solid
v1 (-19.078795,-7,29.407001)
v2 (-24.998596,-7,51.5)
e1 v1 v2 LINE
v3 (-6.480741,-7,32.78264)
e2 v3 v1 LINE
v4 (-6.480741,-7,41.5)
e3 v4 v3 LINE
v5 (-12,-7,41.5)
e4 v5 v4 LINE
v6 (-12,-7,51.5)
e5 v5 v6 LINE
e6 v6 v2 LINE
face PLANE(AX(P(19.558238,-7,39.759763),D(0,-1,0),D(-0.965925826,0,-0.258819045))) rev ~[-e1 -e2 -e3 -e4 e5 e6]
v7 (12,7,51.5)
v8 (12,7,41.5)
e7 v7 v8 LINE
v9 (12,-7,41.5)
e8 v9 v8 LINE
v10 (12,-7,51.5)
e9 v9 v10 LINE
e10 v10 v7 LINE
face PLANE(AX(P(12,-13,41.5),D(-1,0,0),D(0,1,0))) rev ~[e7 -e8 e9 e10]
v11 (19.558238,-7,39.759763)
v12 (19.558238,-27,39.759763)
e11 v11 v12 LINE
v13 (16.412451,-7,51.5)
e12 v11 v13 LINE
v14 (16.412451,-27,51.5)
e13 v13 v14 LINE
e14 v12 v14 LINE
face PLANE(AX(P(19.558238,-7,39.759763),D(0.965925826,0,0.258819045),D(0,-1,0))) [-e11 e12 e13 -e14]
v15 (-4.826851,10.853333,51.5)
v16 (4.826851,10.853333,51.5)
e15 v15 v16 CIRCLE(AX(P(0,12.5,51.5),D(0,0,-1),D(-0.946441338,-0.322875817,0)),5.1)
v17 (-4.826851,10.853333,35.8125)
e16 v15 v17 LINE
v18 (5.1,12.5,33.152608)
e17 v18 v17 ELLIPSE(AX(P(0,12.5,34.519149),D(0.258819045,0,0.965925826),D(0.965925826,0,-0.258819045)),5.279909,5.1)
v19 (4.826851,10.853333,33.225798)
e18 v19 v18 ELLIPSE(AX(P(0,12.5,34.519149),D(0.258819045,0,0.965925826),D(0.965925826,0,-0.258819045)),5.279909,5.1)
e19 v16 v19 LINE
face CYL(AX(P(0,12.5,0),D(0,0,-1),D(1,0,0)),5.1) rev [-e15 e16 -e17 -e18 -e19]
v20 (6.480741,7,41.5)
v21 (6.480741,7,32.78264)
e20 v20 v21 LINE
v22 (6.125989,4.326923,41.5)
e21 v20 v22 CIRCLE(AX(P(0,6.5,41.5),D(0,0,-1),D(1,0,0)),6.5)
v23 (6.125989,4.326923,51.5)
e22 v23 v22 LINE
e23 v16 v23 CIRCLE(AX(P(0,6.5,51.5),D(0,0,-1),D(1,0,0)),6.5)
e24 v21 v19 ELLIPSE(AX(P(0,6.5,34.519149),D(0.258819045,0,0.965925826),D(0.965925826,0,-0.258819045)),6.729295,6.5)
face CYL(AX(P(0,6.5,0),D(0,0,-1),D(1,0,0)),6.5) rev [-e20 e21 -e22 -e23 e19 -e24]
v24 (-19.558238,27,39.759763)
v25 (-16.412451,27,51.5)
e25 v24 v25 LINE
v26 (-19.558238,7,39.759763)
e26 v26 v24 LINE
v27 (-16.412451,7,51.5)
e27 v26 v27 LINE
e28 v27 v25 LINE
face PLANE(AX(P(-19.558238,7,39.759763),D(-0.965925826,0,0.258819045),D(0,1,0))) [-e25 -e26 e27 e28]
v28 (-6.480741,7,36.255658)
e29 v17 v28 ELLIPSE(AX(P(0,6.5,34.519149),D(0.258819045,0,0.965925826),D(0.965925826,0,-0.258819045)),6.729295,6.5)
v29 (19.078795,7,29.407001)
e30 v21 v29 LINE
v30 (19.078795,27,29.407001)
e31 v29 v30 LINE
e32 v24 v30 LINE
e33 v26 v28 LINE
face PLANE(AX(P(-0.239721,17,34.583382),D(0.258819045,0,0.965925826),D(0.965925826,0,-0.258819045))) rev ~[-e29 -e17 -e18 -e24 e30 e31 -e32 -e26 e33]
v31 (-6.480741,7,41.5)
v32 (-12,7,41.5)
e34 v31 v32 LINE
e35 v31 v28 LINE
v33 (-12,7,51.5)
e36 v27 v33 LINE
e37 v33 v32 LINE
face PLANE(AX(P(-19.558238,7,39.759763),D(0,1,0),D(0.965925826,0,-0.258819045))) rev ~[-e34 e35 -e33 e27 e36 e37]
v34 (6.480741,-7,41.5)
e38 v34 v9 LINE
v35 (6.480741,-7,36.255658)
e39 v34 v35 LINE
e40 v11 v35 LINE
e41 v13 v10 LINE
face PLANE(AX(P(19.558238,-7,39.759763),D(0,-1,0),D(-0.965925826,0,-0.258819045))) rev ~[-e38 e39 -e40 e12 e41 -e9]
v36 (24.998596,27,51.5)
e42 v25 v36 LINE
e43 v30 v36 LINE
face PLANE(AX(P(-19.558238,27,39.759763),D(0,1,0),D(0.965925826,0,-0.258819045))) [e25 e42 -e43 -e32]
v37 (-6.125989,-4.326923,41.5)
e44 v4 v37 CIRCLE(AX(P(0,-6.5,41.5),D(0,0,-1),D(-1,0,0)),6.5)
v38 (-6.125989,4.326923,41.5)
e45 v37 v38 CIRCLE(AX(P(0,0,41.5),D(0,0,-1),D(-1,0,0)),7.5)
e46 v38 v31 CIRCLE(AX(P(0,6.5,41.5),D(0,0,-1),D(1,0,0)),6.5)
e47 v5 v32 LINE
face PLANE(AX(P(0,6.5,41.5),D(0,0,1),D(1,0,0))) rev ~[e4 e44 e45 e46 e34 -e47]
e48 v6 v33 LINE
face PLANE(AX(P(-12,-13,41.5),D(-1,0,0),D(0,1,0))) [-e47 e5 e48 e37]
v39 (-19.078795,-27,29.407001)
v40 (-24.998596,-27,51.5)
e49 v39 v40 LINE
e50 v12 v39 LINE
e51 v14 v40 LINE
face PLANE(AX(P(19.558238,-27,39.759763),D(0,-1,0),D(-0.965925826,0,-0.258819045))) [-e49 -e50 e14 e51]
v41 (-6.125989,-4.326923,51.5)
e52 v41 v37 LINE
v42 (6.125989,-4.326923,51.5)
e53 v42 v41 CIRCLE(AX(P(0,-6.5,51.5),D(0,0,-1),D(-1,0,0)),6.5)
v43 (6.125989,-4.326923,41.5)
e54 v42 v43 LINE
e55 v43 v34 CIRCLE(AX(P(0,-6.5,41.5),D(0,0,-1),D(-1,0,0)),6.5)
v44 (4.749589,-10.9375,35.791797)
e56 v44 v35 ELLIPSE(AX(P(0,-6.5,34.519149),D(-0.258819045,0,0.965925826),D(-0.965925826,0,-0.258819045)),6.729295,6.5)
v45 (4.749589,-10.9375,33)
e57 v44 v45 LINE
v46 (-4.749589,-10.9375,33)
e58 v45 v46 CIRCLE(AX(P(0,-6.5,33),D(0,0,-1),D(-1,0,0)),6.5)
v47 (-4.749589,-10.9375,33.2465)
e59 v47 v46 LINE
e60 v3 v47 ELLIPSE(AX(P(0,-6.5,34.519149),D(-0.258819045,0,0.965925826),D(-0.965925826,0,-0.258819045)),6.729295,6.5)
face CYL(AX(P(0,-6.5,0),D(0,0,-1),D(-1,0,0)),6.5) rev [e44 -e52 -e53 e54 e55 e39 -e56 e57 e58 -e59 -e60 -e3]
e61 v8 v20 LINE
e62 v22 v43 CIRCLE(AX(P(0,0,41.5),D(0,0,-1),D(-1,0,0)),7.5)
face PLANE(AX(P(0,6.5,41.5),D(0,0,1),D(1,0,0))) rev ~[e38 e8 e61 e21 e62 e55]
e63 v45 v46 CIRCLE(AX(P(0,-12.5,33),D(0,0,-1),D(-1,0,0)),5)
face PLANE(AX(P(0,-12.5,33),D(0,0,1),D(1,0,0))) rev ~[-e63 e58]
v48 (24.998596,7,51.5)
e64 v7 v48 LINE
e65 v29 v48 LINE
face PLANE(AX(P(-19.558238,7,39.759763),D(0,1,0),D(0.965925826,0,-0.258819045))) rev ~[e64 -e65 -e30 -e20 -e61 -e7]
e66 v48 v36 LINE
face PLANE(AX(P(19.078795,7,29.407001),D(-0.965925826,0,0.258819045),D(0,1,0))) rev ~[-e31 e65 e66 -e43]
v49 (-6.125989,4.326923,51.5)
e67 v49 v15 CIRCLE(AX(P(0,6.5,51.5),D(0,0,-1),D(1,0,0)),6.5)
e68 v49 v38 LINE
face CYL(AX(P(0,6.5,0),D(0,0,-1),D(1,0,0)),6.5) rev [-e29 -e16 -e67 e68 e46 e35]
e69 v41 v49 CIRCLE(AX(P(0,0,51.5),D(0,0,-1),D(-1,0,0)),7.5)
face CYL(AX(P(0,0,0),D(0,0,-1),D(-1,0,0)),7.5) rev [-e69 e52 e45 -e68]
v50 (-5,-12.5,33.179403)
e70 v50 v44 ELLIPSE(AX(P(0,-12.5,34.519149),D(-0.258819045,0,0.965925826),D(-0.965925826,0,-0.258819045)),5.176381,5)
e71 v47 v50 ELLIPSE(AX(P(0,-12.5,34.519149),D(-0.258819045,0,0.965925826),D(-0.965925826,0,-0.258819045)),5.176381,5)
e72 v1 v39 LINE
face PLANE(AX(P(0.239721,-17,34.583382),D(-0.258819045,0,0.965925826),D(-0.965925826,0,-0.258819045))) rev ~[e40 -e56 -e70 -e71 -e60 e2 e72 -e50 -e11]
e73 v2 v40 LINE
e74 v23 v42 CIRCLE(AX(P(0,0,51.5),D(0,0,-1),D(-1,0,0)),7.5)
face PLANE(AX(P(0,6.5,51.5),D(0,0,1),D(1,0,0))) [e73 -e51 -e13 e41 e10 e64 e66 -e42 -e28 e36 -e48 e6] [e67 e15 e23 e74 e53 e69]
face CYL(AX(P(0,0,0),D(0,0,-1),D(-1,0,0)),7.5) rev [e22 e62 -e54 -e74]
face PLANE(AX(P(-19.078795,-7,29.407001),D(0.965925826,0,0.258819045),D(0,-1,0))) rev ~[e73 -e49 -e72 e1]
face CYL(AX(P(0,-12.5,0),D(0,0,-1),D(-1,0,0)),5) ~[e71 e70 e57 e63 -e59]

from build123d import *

# Parameters (mm, degrees)
CYLINDER012_R             = 5.1
CYLINDER012_DEPTH         = 50
CYLINDER007_R             = 7.5
CYLINDER007_DEPTH         = 70
CYLINDER009_R             = 6.5
CYLINDER009_DEPTH         = 70
CYLINDER010_R             = 7.5
CYLINDER010_DEPTH         = 70
CYLINDER011_R             = 6.5
CYLINDER011_DEPTH         = 70
FUSION007_PLACEMENT_ANGLE = 180
CYLINDER008_R             = 5.1
CYLINDER008_DEPTH         = 70
BOX003_W                  = 57
BOX003_H                  = 59
BOX003_DEPTH              = 20
CYLINDER004_R             = 6.35
CYLINDER004_DEPTH         = 50
BOX_W                     = 40
BOX_H                     = 20
BOX_DEPTH                 = 30
BOX_PLACEMENT_ANGLE       = 15
CYLINDER001_R             = 5
CYLINDER001_DEPTH         = 50
CYLINDER006_R             = 6.35
CYLINDER006_DEPTH         = 50
BOX001_W                  = 40
BOX001_H                  = 20
BOX001_DEPTH              = 30
BOX001_PLACEMENT_ANGLE    = 15
CYLINDER005_R             = 5
CYLINDER005_DEPTH         = 50
FUSION003_PLACEMENT_ANGLE = 180
BOX002_W                  = 24
BOX002_H                  = 39
BOX002_DEPTH              = 10


with BuildPart() as bevilpin005:
    # Cylinder012 → Cylinder012 (new body)
    with BuildSketch(Plane(origin=(0, -12.5, -17), x_dir=(1, 0, 0), z_dir=(0, 0, 1))):
        Circle(CYLINDER012_R)
    extrude(amount=CYLINDER012_DEPTH)


with BuildPart() as bevilpin003:
    # Cylinder007 → Cylinder007 (new body)
    with BuildSketch(Plane.XY):
        Circle(CYLINDER007_R)
    extrude(amount=CYLINDER007_DEPTH)


with BuildPart() as fusion006:
    # Cylinder009 → Cylinder009 (new body)
    with BuildSketch(Plane(origin=(0, 6.5, 0), x_dir=(1, 0, 0), z_dir=(0, 0, 1))):
        Circle(CYLINDER009_R)
    extrude(amount=CYLINDER009_DEPTH)

    # Fusion006: union bevilPin003
    add(bevilpin003.part)


with BuildPart() as bevilpin004:
    # Cylinder010 → Cylinder010 (new body)
    with BuildSketch(Plane.XY):
        Circle(CYLINDER010_R)
    extrude(amount=CYLINDER010_DEPTH)


with BuildPart() as fusion008:
    # Cylinder011 → Cylinder011 (new body)
    with BuildSketch(Plane(origin=(0, 6.5, 0), x_dir=(1, 0, 0), z_dir=(0, 0, 1))):
        Circle(CYLINDER011_R)
    extrude(amount=CYLINDER011_DEPTH)

    # Fusion007: union bevilPin004
    add(bevilpin004.part)


with BuildPart() as fusion008_1:
    # Fusion007 placement: moved
    add(fusion008.part.rotate(Axis((0, 0, 0), (0, 0, 1)), FUSION007_PLACEMENT_ANGLE))

    # Fusion008: union Fusion006
    add(fusion006.part)


with BuildPart() as cylinder008:
    # Cylinder008 → Cylinder008 (new body)
    with BuildSketch(Plane(origin=(0, 12.5, 0), x_dir=(1, 0, 0), z_dir=(0, 0, 1))):
        Circle(CYLINDER008_R)
    extrude(amount=CYLINDER008_DEPTH)


with BuildPart() as cube003:
    # Box003 → Box003 (new body)
    with BuildSketch(Plane(origin=(-29.5, -29, 51.5), x_dir=(1, 0, 0), z_dir=(0, 0, 1))):
        with Locations((28.5, 29.5)):
            Rectangle(BOX003_W, BOX003_H)
    extrude(amount=BOX003_DEPTH)


with BuildPart() as bevilpin001:
    # Cylinder004 → Cylinder004 (new body)
    with BuildSketch(Plane.XY):
        Circle(CYLINDER004_R)
    extrude(amount=CYLINDER004_DEPTH)


with BuildPart() as cube:
    # Box → Box (new body)
    with BuildSketch(Plane.XY):
        with Locations((20, 10)):
            Rectangle(BOX_W, BOX_H)
    extrude(amount=BOX_DEPTH)


with BuildPart() as cube_1:
    # Box placement: moved
    add(cube.part.moved(Location((-19.558238, 7, 39.759763))).rotate(Axis((-19.558238, 7, 39.759763), (0, 1, 0)), BOX_PLACEMENT_ANGLE))


with BuildPart() as fusion001:
    # Cylinder001 → Cylinder001 (new body)
    with BuildSketch(Plane(origin=(0, 12.5, 0), x_dir=(1, 0, 0), z_dir=(0, 0, 1))):
        Circle(CYLINDER001_R)
    extrude(amount=CYLINDER001_DEPTH)

    # Fusion: union Cube
    add(cube_1.part)

    # Fusion001: union bevilPin001
    add(bevilpin001.part)


with BuildPart() as bevilpin002:
    # Cylinder006 → Cylinder006 (new body)
    with BuildSketch(Plane.XY):
        Circle(CYLINDER006_R)
    extrude(amount=CYLINDER006_DEPTH)


with BuildPart() as cube001:
    # Box001 → Box001 (new body)
    with BuildSketch(Plane.XY):
        with Locations((20, 10)):
            Rectangle(BOX001_W, BOX001_H)
    extrude(amount=BOX001_DEPTH)


with BuildPart() as cube001_1:
    # Box001 placement: moved
    add(cube001.part.moved(Location((-19.558238, 7, 39.759763))).rotate(Axis((-19.558238, 7, 39.759763), (0, 1, 0)), BOX001_PLACEMENT_ANGLE))


with BuildPart() as fusion004:
    # Cylinder005 → Cylinder005 (new body)
    with BuildSketch(Plane(origin=(0, 12.5, 0), x_dir=(1, 0, 0), z_dir=(0, 0, 1))):
        Circle(CYLINDER005_R)
    extrude(amount=CYLINDER005_DEPTH)

    # Fusion002: union Cube001
    add(cube001_1.part)

    # Fusion003: union bevilPin002
    add(bevilpin002.part)


with BuildPart() as fusion004_1:
    # Fusion003 placement: moved
    add(fusion004.part.rotate(Axis((0, 0, 0), (0, 0, 1)), FUSION003_PLACEMENT_ANGLE))

    # Fusion004: union Fusion001
    add(fusion001.part)


with BuildPart() as cut003:
    # Box002 → Box002 (new body)
    with BuildSketch(Plane(origin=(-12, -13, 41.5), x_dir=(1, 0, 0), z_dir=(0, 0, 1))):
        with Locations((12, 19.5)):
            Rectangle(BOX002_W, BOX002_H)
    extrude(amount=BOX002_DEPTH)

    # Fusion005: union Fusion004
    add(fusion004_1.part)

    # Cut: cut Cube003
    add(cube003.part, mode=Mode.SUBTRACT)

    # Cut001: cut Cylinder008
    add(cylinder008.part, mode=Mode.SUBTRACT)

    # Cut002: cut Fusion008
    add(fusion008_1.part, mode=Mode.SUBTRACT)

    # Cut003: cut bevilPin005
    add(bevilpin005.part, mode=Mode.SUBTRACT)


solid = cut003.part
